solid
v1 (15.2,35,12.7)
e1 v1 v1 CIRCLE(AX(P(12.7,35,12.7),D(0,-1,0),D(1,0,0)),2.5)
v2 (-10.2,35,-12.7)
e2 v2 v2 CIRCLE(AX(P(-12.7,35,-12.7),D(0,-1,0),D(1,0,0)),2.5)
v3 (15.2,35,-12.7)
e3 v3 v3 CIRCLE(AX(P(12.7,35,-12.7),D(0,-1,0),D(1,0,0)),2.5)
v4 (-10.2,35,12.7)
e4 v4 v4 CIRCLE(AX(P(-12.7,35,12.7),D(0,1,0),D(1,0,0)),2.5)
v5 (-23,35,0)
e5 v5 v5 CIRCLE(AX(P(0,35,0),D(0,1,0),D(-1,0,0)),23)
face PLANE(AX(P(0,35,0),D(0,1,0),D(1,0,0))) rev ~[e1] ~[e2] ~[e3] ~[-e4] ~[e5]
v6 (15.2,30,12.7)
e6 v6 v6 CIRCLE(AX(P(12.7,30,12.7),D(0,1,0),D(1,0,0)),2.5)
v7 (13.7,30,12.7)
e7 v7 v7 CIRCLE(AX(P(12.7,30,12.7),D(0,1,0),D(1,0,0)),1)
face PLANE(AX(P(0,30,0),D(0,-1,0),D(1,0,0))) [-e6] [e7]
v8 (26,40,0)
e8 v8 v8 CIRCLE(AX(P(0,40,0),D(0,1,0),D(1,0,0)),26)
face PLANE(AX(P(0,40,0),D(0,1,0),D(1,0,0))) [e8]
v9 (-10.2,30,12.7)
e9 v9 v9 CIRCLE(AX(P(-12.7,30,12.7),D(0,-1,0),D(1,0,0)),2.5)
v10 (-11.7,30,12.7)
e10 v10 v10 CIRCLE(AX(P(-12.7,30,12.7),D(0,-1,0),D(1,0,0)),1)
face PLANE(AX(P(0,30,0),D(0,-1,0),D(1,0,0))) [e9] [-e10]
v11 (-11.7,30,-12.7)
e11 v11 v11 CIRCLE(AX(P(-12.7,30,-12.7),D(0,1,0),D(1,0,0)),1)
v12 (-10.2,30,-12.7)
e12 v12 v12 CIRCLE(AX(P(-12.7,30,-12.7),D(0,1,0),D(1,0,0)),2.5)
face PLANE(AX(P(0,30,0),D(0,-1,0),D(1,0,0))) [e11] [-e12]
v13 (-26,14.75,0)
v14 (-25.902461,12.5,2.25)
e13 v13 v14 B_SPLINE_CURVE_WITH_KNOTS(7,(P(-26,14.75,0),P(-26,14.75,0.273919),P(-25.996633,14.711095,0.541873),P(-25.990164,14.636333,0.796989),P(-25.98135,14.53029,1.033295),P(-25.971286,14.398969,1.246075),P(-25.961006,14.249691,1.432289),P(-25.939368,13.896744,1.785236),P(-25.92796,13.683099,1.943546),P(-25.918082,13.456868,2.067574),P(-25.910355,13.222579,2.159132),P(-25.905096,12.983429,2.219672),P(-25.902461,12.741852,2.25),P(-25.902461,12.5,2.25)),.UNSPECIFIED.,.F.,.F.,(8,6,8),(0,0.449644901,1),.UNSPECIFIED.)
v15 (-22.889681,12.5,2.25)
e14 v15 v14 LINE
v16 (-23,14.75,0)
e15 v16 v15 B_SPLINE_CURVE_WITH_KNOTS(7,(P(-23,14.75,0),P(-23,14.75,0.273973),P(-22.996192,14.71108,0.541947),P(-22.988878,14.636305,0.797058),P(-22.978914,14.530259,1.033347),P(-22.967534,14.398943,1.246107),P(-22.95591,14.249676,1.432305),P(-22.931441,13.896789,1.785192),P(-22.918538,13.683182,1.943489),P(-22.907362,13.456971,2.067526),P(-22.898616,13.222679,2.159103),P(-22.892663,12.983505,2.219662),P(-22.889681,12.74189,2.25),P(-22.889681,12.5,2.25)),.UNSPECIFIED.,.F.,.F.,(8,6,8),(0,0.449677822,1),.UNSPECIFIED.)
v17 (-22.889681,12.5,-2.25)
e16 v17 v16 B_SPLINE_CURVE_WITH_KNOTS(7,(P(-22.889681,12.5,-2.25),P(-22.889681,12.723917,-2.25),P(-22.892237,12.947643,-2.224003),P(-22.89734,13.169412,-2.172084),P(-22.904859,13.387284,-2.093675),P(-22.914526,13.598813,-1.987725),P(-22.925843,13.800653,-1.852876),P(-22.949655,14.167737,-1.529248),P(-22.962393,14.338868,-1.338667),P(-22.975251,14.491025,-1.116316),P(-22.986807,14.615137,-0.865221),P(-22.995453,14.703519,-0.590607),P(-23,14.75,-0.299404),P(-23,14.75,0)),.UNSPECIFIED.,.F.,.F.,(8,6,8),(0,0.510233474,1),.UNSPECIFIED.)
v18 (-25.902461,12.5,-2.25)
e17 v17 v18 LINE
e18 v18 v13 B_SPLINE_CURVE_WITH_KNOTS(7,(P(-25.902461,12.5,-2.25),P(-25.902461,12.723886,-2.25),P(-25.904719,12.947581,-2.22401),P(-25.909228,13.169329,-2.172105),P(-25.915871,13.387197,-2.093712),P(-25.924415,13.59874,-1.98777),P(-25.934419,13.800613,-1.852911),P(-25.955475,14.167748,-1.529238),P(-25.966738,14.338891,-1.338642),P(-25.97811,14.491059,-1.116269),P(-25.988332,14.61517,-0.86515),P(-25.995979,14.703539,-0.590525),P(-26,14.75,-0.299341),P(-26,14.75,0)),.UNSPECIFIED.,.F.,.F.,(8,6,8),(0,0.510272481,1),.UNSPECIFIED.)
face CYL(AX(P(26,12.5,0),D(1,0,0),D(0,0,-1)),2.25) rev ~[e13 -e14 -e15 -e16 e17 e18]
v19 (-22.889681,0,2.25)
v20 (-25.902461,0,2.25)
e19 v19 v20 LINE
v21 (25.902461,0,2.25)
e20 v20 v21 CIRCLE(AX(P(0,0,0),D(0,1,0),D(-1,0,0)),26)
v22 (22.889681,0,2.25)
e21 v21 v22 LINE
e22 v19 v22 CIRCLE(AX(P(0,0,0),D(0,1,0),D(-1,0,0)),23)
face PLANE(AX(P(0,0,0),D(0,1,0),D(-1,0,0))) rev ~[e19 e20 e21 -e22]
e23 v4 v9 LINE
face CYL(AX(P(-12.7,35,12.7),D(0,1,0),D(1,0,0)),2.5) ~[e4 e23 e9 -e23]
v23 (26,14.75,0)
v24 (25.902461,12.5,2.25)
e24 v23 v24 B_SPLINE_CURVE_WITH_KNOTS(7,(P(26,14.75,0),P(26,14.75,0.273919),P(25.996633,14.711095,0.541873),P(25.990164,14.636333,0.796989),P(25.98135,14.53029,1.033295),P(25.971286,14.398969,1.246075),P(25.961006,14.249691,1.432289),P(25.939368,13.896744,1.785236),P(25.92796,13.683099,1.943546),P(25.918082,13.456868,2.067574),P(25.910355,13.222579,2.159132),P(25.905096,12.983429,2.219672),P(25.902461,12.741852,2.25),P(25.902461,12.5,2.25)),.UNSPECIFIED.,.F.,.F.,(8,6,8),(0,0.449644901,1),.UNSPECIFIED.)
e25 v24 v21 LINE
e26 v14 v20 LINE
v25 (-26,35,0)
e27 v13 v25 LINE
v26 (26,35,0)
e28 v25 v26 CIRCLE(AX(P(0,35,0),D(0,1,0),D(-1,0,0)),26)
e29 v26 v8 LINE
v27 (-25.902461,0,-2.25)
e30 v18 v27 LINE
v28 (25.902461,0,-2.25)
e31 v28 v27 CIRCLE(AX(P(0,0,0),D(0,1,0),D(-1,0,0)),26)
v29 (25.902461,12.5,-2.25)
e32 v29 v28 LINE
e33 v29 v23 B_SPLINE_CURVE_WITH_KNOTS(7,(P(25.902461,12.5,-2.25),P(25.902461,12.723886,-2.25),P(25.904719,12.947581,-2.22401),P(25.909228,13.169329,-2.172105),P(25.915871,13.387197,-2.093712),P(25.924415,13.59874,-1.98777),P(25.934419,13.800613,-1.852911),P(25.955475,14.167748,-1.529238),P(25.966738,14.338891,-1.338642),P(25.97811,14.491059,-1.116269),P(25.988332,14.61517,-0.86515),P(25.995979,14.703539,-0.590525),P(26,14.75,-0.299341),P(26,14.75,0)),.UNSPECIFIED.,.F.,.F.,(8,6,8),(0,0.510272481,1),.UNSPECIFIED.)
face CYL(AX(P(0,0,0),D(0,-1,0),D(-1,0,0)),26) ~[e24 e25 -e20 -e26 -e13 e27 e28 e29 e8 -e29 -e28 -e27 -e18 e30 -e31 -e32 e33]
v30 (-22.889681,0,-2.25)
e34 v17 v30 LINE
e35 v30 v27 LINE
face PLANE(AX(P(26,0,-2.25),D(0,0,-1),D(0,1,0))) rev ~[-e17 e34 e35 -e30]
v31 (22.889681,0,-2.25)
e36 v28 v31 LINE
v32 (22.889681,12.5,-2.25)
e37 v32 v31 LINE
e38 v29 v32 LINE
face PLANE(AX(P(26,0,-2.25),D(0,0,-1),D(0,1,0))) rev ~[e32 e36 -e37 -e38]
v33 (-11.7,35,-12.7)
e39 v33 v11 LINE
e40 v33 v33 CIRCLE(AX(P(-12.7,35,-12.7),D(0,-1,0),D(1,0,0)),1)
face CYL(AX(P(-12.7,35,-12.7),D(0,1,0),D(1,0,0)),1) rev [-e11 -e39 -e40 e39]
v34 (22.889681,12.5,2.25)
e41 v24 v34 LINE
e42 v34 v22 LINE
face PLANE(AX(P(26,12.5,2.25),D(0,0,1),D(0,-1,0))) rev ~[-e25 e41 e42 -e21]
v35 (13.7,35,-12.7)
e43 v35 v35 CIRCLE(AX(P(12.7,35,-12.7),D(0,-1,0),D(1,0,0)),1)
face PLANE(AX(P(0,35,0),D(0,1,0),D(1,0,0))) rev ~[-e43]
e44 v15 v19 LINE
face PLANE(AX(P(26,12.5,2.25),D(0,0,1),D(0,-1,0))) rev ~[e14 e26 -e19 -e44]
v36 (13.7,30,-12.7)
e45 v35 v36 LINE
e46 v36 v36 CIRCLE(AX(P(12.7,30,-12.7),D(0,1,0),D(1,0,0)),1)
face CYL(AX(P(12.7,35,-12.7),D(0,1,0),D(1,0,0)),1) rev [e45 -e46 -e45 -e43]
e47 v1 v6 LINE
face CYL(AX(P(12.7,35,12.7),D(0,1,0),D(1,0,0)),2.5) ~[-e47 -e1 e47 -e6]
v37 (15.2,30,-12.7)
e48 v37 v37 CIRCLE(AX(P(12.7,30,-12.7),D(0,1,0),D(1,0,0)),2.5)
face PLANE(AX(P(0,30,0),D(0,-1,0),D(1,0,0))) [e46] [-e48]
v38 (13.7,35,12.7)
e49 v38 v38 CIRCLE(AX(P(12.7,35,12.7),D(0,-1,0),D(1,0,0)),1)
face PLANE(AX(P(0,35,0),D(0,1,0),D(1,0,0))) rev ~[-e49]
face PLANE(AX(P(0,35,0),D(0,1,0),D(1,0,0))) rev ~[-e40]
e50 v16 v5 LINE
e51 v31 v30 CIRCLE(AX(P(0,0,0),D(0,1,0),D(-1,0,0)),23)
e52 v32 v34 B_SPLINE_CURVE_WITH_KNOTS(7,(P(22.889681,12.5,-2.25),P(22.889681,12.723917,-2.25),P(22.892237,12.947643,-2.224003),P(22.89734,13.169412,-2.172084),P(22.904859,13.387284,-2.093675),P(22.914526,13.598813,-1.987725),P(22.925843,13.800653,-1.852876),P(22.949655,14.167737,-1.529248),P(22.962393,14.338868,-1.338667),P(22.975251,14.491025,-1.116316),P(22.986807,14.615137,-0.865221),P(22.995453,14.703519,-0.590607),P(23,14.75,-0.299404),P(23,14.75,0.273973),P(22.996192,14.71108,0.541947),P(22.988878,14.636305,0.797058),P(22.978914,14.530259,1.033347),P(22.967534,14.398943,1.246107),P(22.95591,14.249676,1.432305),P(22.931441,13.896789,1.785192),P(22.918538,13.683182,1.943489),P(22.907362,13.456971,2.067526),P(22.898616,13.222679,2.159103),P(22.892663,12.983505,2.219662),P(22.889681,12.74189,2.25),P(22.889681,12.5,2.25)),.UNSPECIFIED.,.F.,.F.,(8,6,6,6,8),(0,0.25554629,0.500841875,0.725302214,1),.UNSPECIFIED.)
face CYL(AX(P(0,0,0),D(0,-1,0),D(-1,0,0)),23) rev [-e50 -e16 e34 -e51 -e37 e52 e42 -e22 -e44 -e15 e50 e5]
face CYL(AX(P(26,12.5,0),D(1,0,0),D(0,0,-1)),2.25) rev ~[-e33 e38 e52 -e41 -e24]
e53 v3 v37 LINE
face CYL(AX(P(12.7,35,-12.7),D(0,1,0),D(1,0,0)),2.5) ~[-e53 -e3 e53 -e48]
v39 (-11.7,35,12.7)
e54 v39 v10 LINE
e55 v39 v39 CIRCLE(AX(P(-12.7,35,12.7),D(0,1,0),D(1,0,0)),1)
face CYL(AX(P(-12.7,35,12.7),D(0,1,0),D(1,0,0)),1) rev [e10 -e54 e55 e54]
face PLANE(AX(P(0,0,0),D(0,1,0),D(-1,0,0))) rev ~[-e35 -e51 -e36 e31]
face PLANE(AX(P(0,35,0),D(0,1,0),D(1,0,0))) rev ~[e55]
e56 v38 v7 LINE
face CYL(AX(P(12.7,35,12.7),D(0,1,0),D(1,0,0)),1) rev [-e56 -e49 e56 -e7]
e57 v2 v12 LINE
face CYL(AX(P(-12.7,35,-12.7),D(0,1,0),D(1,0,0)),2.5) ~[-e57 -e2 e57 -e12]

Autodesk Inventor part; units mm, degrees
ref_plane "XZ Plane" through (0, 0, 0) normal (0, 1, 0) x (-1, 0, 0)
ref_plane "XY Plane" through (0, 0, 0) normal (0, 0, 1) x (1, 0, 0)
sketch "Sketch1" plane through (0, 0, 0) normal (0, 1, 0) x (-1, 0, 0)
  circle A0 centre (0, 0) radius 23
  circle A1 centre (0, 0) radius 26
  dimension "d0" = 46
  dimension "d1" = 52
extrude "Extrusion1" add sketch "Sketch1" along normal blind 35
sketch "Sketch2" plane through (0, 35, 0) normal (0, 1, 0) x (1, 0, 0)
  circle A0 centre (0, 0) radius 26
extrude "Extrusion2" add sketch "Sketch2" along normal blind 5
sketch "Sketch3" plane through (0, 35, 0) normal (0, -1, 0) x (1, 0, 0)
  line L0 (-12.7, 12.7) -> (12.7, 12.7)
  line L1 (12.7, 12.7) -> (12.7, -12.7)
  line L2 (12.7, -12.7) -> (-12.7, -12.7)
  line L3 (-12.7, -12.7) -> (-12.7, 12.7)
  line L4 (-12.7, 12.7) -> (12.7, -12.7) construction
  line L5 (12.7, 12.7) -> (-12.7, -12.7) construction
  circle A0 centre (12.7, 12.7) radius 2.5
  circle A1 centre (12.7, -12.7) radius 2.5
  circle A2 centre (-12.7, -12.7) radius 2.5
  circle A3 centre (-12.7, 12.7) radius 2.5
  circle A4 centre (12.7, 12.7) radius 1
  circle A5 centre (12.7, -12.7) radius 1
  circle A6 centre (-12.7, -12.7) radius 1
  circle A7 centre (-12.7, 12.7) radius 1
  point P0 (0, 0)
  dimension "d6" = 25.4
  dimension "d7" = 25.4
  dimension "d8" = 5
  dimension "d9" = 5
  dimension "d10" = 5
  dimension "d11" = 5
  dimension "d14" = 2
  dimension "d15" = 2
  dimension "d16" = 2
  dimension "d17" = 2
extrude "Extrusion3" add sketch "Sketch3" along normal blind 5 contours A7 L3 A3 L0 | L0 A3 L3 A7 | A0 L1 A4 L0 | L0 A4 L1 A0 | A2 L2 A6 L3 | L3 A6 L2 A2 | A1 L2 A5 L1 | L1 A5 L2 A1
ref_plane "Work Plane1" through (26, 0, 0) normal (1, 0, 0) x (0, 1, 0)
sketch "Sketch4" plane through (26, 0, 0) normal (1, 0, 0) x (0, 1, 0)
  line L0 (0, 0) -> (12.5, 0) construction
  line L1 (0, -2.25) -> (12.5, -2.25)
  line L2 (12.5, 2.25) -> (0, 2.25)
  arc A0 (0, 2.25) -> (0, -2.25) centre (0, 0) ccw
  arc A1 (12.5, -2.25) -> (12.5, 2.25) centre (12.5, 0) ccw
  point P0 (0, 0)
  point P1 (6.25, 0)
  dimension "d19" = 12.5
  dimension "d20" = 4.5
extrude "Extrusion4" cut sketch "Sketch4" against normal through all
properties part number "TopPotentiometer_3DPrint"
